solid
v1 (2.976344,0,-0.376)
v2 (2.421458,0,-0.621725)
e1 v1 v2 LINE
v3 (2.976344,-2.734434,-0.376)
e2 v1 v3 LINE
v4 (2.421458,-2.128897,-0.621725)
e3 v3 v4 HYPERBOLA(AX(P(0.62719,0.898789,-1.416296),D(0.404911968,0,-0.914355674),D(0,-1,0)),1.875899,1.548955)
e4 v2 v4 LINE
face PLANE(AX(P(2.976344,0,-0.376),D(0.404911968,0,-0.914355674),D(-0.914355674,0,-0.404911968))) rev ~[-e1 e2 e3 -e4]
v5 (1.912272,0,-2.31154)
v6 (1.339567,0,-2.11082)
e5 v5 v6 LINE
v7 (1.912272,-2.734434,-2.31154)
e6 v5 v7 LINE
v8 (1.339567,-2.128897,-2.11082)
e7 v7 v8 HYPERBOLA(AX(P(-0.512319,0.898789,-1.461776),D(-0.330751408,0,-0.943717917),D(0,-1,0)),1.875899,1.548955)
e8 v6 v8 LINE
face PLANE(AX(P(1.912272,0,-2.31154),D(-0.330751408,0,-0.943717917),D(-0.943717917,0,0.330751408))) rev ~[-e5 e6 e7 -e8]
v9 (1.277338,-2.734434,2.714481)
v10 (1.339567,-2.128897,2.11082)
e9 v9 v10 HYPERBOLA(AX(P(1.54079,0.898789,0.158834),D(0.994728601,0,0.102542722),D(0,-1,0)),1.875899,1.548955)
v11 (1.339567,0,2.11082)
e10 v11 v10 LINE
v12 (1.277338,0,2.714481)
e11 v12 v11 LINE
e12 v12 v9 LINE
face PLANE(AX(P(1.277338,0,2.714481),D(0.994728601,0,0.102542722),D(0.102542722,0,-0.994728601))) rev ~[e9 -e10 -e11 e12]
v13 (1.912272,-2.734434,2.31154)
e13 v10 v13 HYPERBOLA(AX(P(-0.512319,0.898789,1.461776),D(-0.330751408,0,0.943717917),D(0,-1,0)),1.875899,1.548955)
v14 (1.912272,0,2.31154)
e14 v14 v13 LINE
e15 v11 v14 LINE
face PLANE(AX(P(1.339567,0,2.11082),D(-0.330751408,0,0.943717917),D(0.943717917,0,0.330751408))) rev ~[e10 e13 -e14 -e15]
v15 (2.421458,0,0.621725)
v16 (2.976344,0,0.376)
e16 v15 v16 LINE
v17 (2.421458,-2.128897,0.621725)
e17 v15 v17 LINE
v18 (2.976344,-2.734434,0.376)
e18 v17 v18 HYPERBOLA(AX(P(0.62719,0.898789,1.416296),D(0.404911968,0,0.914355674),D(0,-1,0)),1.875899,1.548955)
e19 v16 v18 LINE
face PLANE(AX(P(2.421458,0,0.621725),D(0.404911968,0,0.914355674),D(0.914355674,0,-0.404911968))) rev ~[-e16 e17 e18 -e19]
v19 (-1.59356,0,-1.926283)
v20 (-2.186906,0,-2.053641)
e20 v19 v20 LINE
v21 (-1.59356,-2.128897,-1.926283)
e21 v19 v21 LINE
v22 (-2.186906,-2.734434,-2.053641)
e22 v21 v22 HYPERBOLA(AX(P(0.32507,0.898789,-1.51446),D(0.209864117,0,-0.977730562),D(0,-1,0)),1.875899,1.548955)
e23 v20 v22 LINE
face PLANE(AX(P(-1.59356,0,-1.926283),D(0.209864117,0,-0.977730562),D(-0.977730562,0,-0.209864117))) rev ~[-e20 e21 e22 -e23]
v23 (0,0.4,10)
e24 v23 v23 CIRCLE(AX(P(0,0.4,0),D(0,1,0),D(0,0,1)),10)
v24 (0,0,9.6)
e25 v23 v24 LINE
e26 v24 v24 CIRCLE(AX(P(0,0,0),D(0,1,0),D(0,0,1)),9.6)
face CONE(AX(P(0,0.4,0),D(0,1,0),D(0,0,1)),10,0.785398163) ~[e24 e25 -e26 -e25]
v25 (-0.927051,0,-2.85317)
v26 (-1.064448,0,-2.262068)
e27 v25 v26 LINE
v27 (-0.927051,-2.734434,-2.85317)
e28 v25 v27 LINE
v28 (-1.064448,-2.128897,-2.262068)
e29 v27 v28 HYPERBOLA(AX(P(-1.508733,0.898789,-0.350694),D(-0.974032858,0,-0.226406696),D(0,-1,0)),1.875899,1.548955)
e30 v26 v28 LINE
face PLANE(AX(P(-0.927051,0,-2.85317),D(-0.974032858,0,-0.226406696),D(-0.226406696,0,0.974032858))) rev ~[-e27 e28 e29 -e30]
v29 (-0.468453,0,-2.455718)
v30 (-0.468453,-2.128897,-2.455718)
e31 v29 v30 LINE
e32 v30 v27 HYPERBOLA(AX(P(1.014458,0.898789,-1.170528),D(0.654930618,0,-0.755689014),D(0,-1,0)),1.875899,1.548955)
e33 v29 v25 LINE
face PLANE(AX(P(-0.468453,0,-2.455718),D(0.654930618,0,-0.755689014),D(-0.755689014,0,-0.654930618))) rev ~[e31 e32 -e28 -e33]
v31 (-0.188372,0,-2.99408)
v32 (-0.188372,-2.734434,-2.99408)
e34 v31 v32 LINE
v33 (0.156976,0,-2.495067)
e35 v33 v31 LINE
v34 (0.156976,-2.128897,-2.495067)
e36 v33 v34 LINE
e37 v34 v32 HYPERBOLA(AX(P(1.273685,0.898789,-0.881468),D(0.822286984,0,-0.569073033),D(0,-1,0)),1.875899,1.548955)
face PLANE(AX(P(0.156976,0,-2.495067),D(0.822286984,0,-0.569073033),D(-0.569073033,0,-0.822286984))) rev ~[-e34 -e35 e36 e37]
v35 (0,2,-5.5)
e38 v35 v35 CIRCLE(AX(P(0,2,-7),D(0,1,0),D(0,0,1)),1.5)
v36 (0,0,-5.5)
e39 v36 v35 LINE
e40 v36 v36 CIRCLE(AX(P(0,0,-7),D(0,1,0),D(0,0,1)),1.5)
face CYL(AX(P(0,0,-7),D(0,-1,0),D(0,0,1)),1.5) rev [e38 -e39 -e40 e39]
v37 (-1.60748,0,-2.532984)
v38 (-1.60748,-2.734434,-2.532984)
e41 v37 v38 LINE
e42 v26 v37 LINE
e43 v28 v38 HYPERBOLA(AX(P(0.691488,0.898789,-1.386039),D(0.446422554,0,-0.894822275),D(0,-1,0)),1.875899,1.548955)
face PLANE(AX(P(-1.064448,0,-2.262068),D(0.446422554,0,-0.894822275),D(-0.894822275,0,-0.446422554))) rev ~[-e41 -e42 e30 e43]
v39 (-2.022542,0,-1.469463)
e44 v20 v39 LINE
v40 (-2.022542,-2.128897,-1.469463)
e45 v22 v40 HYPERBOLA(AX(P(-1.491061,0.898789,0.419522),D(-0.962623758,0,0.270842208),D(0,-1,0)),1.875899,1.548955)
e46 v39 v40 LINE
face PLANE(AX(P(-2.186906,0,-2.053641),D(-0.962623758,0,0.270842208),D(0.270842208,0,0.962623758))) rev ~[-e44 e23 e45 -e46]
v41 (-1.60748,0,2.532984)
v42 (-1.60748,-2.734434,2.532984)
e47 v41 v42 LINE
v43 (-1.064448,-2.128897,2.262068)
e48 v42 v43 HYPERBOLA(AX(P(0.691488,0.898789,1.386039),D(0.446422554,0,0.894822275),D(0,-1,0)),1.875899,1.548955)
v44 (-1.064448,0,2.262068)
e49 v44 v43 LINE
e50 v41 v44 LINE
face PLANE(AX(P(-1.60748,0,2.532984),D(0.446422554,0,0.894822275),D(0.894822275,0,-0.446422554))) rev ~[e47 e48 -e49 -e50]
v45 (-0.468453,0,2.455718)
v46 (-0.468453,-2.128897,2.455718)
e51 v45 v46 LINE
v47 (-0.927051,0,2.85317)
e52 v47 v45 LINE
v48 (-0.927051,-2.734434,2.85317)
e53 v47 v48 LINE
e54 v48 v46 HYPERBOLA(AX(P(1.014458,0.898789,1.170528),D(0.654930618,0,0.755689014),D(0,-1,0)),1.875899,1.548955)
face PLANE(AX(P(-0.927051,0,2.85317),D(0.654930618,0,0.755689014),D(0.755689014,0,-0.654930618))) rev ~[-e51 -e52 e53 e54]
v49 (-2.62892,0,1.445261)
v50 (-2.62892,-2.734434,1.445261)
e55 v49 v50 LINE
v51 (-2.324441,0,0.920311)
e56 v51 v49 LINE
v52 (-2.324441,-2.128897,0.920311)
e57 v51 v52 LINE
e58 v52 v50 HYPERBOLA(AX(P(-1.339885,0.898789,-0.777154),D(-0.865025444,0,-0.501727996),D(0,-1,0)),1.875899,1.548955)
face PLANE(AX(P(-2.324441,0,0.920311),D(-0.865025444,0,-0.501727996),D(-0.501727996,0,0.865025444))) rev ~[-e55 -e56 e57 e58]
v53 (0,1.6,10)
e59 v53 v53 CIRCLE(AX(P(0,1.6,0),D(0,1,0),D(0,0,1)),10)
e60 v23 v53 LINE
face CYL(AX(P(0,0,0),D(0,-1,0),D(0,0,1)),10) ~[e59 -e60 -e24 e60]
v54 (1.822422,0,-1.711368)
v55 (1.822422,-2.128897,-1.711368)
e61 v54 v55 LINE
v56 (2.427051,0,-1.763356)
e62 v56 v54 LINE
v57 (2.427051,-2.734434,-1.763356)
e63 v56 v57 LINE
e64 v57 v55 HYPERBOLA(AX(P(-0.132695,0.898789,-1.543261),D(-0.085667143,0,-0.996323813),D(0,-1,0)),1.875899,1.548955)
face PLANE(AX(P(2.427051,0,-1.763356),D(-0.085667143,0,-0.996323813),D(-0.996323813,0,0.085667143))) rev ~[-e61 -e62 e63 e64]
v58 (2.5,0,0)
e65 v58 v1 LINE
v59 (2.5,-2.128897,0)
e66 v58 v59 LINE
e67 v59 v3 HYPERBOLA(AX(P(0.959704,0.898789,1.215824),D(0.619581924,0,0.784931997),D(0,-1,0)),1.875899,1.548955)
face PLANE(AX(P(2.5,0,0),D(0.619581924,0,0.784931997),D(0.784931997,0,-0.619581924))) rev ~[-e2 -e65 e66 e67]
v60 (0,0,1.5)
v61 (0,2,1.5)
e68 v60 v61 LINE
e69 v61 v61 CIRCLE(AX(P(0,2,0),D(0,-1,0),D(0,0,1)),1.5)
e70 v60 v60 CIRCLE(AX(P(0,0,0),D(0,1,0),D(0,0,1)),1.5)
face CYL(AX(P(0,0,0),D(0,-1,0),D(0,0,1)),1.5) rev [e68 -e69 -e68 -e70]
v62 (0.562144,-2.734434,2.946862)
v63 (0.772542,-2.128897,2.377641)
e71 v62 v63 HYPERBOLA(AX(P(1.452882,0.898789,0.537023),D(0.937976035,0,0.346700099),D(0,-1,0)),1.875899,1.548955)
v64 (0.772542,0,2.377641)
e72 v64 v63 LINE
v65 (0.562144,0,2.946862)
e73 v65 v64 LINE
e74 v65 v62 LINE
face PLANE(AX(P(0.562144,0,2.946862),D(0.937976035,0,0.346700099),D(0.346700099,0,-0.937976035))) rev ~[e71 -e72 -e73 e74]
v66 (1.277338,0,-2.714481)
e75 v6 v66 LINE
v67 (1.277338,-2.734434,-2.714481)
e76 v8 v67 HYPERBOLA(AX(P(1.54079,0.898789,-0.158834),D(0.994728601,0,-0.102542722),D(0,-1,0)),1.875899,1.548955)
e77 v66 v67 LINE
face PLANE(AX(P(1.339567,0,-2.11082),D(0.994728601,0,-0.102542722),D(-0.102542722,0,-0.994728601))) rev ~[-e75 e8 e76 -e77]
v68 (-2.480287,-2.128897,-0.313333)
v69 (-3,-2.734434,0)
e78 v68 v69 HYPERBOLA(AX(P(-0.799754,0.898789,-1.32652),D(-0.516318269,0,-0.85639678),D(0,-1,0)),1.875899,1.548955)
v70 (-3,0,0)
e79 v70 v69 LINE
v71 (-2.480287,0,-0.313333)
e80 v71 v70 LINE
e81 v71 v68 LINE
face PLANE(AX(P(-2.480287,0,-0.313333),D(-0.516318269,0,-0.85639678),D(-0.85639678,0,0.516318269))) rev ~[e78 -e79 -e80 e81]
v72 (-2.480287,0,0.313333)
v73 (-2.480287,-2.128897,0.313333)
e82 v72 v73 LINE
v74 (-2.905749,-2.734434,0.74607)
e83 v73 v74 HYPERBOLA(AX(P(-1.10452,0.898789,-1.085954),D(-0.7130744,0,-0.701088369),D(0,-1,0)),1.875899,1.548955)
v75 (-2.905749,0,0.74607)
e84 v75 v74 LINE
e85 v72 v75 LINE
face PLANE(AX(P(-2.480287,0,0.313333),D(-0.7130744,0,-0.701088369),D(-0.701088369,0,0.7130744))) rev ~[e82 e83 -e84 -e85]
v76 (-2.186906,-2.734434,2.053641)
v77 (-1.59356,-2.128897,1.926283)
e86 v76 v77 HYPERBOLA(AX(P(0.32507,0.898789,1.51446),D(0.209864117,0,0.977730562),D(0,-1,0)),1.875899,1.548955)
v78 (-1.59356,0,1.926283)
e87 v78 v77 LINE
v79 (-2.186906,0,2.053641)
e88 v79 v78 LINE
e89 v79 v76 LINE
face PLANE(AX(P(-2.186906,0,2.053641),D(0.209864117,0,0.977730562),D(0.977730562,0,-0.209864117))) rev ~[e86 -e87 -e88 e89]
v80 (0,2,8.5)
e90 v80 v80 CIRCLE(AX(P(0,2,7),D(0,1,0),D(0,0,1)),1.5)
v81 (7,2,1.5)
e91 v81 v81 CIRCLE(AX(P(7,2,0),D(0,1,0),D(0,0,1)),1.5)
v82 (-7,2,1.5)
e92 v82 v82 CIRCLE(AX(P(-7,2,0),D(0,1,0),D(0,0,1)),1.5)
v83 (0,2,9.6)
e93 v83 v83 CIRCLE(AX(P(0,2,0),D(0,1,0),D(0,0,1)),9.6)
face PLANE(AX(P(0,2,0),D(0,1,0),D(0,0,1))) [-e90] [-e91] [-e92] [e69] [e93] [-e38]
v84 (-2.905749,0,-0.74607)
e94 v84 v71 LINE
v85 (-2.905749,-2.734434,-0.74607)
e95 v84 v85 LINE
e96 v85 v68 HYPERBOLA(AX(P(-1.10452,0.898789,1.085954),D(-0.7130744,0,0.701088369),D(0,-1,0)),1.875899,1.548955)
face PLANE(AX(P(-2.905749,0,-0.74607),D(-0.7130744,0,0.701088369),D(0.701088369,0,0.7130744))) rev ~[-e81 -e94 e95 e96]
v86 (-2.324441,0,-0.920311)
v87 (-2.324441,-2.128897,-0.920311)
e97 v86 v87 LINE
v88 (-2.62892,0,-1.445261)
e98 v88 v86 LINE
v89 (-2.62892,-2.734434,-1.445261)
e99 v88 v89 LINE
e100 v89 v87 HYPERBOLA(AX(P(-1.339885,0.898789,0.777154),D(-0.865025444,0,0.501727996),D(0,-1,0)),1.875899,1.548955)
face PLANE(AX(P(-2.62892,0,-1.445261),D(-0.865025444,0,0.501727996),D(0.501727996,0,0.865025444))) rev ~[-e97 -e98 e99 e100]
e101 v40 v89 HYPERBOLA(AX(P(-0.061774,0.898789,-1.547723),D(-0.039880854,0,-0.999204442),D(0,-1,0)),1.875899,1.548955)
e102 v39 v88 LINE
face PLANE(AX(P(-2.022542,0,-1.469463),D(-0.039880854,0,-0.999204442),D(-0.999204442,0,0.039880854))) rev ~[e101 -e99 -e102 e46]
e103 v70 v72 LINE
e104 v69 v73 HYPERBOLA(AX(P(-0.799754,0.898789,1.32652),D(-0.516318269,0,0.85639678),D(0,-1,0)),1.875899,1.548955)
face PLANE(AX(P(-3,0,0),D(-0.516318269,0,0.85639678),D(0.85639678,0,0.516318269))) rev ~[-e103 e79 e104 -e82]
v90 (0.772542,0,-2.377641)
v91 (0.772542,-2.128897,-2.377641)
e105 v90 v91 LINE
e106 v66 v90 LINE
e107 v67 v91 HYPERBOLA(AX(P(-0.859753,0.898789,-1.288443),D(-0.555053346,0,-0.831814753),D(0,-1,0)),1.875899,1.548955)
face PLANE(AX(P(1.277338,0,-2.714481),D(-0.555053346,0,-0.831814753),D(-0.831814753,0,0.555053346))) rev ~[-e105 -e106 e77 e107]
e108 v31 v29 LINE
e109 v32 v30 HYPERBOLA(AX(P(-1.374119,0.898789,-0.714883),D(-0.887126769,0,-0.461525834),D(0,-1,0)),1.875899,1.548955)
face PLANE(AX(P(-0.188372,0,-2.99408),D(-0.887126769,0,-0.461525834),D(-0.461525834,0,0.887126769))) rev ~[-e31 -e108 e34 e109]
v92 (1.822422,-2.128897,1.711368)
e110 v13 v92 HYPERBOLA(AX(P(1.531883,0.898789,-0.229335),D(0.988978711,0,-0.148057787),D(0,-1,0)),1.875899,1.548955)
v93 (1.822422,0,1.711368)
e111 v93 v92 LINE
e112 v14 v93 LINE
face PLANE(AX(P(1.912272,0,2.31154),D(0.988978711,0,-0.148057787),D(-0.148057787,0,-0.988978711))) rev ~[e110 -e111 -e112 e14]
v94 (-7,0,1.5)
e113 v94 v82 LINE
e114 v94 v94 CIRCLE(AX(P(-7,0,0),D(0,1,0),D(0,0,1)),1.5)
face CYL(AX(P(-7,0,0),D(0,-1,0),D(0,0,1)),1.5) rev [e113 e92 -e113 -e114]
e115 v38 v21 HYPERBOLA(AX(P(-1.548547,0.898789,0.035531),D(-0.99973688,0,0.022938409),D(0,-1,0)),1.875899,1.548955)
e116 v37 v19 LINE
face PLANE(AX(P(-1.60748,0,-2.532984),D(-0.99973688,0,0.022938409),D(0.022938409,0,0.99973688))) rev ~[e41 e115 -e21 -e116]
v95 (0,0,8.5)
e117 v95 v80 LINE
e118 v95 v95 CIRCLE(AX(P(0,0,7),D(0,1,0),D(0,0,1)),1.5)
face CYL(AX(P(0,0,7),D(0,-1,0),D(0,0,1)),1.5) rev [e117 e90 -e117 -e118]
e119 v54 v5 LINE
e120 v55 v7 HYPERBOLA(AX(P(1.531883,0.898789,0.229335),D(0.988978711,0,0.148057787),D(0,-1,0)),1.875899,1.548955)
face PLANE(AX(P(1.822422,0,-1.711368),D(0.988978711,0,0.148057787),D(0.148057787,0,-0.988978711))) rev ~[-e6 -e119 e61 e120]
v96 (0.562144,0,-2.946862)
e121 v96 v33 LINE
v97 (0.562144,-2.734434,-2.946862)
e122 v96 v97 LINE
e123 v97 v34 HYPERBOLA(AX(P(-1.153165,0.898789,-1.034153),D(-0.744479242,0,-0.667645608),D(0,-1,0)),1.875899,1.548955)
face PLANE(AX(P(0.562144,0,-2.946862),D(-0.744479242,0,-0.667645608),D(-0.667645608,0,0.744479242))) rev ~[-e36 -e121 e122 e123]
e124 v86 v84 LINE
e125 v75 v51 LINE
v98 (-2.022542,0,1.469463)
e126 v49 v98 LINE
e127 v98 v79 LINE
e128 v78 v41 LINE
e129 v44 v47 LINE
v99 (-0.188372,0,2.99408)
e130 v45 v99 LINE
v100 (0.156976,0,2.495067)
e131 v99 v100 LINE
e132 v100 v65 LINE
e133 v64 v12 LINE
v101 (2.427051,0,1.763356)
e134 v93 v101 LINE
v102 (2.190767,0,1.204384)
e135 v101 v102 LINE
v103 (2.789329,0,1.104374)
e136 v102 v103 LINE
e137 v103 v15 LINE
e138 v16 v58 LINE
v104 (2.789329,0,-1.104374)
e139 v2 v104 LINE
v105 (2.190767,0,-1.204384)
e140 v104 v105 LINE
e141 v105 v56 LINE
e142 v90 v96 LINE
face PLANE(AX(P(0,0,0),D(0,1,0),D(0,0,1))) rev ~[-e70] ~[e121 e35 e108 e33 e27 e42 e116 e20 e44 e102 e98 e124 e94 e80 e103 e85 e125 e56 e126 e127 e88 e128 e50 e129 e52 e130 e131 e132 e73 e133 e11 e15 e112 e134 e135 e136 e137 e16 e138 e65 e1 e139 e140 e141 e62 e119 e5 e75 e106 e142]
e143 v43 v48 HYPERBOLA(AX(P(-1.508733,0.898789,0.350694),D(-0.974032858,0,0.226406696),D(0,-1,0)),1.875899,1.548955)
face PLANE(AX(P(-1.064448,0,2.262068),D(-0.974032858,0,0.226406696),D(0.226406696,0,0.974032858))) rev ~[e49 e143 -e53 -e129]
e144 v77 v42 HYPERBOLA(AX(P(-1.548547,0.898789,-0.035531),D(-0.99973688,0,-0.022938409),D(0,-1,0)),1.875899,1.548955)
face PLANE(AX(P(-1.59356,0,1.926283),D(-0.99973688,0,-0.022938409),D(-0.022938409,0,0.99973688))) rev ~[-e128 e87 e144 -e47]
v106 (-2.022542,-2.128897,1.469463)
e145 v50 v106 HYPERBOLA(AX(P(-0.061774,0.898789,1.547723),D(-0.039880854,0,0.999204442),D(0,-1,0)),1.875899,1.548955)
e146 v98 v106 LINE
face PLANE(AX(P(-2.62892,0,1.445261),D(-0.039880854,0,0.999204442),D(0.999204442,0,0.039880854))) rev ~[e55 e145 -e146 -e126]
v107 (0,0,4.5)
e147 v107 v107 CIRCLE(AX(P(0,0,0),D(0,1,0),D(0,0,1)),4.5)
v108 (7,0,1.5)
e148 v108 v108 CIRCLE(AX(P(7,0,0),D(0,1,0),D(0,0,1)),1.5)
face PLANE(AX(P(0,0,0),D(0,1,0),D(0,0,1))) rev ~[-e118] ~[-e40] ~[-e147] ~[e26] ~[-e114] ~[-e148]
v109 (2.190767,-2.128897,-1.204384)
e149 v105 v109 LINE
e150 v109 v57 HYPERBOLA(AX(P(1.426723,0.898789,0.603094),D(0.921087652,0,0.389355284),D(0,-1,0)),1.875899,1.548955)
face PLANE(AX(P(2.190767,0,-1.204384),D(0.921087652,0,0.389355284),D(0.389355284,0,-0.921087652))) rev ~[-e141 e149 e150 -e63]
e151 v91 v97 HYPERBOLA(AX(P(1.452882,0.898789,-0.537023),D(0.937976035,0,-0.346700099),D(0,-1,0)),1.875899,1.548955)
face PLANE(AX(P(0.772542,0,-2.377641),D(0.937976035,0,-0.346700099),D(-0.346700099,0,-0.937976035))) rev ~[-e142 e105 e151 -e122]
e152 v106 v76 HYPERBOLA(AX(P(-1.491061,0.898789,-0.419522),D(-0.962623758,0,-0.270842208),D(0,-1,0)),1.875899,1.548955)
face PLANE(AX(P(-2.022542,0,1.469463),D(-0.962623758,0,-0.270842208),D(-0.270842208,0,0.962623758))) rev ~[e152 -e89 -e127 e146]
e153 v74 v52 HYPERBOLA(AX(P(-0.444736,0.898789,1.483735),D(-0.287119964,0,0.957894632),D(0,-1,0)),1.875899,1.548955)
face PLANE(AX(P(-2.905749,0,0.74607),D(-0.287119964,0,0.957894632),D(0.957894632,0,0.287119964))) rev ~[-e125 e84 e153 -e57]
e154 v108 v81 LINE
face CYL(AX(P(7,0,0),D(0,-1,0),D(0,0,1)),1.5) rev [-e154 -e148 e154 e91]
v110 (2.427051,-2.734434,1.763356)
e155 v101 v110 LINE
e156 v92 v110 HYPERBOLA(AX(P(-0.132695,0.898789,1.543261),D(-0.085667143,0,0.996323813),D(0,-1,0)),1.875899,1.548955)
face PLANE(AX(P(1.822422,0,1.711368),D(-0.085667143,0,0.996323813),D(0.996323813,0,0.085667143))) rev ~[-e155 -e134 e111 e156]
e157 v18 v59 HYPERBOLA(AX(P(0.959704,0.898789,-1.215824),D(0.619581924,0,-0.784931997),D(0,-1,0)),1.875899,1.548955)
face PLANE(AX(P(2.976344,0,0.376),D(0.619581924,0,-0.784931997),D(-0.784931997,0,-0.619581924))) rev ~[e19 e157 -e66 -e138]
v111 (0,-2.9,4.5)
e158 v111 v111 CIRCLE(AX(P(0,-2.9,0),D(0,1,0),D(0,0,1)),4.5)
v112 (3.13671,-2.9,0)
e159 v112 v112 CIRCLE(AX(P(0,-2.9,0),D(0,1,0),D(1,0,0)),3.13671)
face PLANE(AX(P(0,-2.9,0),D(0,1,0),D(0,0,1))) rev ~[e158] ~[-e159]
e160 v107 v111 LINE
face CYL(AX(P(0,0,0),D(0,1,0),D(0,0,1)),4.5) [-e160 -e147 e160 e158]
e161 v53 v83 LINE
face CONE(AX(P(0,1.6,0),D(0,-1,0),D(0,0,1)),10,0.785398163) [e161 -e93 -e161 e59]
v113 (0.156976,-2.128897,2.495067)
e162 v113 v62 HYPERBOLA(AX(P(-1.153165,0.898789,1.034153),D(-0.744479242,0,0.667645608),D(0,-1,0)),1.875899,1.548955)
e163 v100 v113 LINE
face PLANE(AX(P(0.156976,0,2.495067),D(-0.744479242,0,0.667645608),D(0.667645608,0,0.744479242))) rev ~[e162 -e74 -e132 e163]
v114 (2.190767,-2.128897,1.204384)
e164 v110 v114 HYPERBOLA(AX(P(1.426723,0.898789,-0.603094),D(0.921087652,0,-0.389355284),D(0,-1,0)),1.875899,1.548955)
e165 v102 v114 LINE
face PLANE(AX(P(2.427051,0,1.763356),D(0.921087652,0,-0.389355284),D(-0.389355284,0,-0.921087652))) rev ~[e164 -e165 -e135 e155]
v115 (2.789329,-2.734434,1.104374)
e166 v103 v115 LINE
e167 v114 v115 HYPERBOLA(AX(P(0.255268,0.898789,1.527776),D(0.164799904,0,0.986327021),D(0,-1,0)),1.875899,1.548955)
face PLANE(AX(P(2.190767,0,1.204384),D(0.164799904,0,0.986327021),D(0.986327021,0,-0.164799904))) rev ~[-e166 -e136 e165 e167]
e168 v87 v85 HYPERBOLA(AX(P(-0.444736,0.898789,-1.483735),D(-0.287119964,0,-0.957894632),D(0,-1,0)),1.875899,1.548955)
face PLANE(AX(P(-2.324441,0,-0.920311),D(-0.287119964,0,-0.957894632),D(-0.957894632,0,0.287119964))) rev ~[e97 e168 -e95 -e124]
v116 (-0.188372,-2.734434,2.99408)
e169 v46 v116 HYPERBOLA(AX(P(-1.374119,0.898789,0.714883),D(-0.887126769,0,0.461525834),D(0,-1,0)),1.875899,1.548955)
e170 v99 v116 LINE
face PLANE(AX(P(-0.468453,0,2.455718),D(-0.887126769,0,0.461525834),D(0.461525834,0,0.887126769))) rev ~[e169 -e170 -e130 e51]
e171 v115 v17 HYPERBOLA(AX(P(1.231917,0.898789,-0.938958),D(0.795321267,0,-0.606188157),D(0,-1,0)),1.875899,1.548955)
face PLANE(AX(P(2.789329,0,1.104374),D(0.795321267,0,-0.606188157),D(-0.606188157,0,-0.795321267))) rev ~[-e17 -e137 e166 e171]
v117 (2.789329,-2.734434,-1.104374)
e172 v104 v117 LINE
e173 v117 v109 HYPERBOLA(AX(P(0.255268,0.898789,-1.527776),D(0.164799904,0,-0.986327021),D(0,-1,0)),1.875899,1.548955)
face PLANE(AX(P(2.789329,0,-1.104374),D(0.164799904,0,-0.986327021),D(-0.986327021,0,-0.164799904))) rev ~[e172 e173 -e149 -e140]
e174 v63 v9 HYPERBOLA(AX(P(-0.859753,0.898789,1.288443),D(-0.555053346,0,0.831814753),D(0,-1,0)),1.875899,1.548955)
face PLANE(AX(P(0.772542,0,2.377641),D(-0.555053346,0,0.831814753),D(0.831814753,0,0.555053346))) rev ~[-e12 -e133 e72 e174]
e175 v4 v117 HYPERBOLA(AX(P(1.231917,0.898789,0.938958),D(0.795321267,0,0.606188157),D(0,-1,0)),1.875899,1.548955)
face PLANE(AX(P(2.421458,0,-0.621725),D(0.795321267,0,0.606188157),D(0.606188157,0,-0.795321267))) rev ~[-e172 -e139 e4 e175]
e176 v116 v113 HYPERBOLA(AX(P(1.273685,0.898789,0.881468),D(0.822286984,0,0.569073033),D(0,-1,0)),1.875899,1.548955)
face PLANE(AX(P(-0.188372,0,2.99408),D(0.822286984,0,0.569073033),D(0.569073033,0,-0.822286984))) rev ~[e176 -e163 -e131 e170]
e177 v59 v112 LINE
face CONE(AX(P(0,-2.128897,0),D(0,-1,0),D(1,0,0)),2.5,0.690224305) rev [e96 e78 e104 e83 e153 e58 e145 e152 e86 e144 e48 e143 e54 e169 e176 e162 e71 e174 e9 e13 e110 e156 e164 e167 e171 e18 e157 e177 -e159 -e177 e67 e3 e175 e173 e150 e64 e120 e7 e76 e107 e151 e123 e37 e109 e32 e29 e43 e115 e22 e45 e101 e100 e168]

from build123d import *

# Parameters (mm, degrees)
SKETCH_1_R          = 10
SKETCH_1_R_2        = 1.5
EXTRUDE_2_DEPTH     = 2
SKETCH_2_R          = 4.5
EXTRUDE_3_DEPTH     = 2.9
CHAMFER_1_SIZE      = 0.4
SKETCH_5_R          = 1.5
CUT_EXTRUDE_1_DEPTH = 10


with BuildPart() as part:
    # 草图1 → 凸台-拉伸2 (new body)
    with BuildSketch(Plane(origin=(0, 0, 0), x_dir=(1, 0, 0), z_dir=(0, 1, 0))):
        with Locations(Location((0, 0, 0), (0, 0, 270))):
            Circle(SKETCH_1_R)
        with Locations(Location((0, 7, 0), (0, 0, 270))):
            Circle(SKETCH_1_R_2, mode=Mode.SUBTRACT)
        with Locations(Location((7, 0, 0), (0, 0, 270))):
            Circle(SKETCH_1_R_2, mode=Mode.SUBTRACT)
        with Locations(Location((-7, 0, 0), (0, 0, 270))):
            Circle(SKETCH_1_R_2, mode=Mode.SUBTRACT)
        with Locations(Location((0, -7, 0), (0, 0, 270))):
            Circle(SKETCH_1_R_2, mode=Mode.SUBTRACT)
    extrude(amount=EXTRUDE_2_DEPTH)

    # 草图2 → 凸台-拉伸3 (add)
    with BuildSketch(Plane(origin=(0, 0, 0), x_dir=(1, 0, 0), z_dir=(0, 1, 0))):
        with Locations(Location((0, 0, 0), (0, 0, 270))):
            Circle(SKETCH_2_R)
        Polygon((2.5, 0), (2.976344104, 0.375999701), (2.421457903, 0.621724718), (2.789329458, 1.104373658), (2.1907667, 1.204384185), (2.427050983, 1.763355757), (1.822421569, 1.711367765), (1.912271969, 2.311539728), (1.339566987, 2.110819814), (1.277337875, 2.714481157), (0.772542486, 2.377641291), (0.562143944, 2.946861752), (0.156976299, 2.495066821), (-0.188371559, 2.994080185), (-0.468453286, 2.455718127), (-0.927050983, 2.853169549), (-1.064448229, 2.262067631), (-1.607480385, 2.532983777), (-1.593559974, 1.926283107), (-2.186905882, 2.053641318), (-2.022542486, 1.469463131), (-2.62892004, 1.445261022), (-2.324441215, 0.920311382), (-2.905749483, 0.746069661), (-2.480286753, 0.313333084), (-3, 0), (-2.480286753, -0.313333084), (-2.905749483, -0.746069661), (-2.324441215, -0.920311382), (-2.62892004, -1.445261022), (-2.022542486, -1.469463131), (-2.186905882, -2.053641318), (-1.593559974, -1.926283107), (-1.607480385, -2.532983777), (-1.064448229, -2.262067631), (-0.927050983, -2.853169549), (-0.468453286, -2.455718127), (-0.188371559, -2.994080185), (0.156976299, -2.495066821), (0.562143944, -2.946861752), (0.772542486, -2.377641291), (1.277337875, -2.714481157), (1.339566987, -2.110819814), (1.912271969, -2.311539728), (1.822421569, -1.711367765), (2.427050983, -1.763355757), (2.1907667, -1.204384185), (2.789329458, -1.104373658), (2.421457903, -0.621724718), (2.976344104, -0.375999701), align=None, mode=Mode.SUBTRACT)
    extrude(amount=-EXTRUDE_3_DEPTH)

    # 草图4 → 切除-旋转1 (revolve, cut)
    with BuildSketch(Plane.XY):
        Polygon((0, -2.9), (0, -2.128896783), (2.5, -2.128896783), (3.136710161, -2.9), align=None)
    revolve(axis=Axis((0, -2.9, 0), (0, 1, 0)), mode=Mode.SUBTRACT)

    # 倒角1
    chamfer_1_edges = [part.edges().sort_by_distance(p)[0] for p in [
        (0, 0, -10),
        (0, 2, -10),
    ]]
    chamfer(chamfer_1_edges, length=CHAMFER_1_SIZE)

    # 草图5 → 切除-拉伸1 (cut)
    with BuildSketch(Plane(origin=(0, 0, 0), x_dir=(1, 0, 0), z_dir=(0, 1, 0))):
        with Locations(Location((0, 0, 0), (0, 0, 270))):
            Circle(SKETCH_5_R)
    extrude(amount=CUT_EXTRUDE_1_DEPTH, mode=Mode.SUBTRACT)


solid = part.part
